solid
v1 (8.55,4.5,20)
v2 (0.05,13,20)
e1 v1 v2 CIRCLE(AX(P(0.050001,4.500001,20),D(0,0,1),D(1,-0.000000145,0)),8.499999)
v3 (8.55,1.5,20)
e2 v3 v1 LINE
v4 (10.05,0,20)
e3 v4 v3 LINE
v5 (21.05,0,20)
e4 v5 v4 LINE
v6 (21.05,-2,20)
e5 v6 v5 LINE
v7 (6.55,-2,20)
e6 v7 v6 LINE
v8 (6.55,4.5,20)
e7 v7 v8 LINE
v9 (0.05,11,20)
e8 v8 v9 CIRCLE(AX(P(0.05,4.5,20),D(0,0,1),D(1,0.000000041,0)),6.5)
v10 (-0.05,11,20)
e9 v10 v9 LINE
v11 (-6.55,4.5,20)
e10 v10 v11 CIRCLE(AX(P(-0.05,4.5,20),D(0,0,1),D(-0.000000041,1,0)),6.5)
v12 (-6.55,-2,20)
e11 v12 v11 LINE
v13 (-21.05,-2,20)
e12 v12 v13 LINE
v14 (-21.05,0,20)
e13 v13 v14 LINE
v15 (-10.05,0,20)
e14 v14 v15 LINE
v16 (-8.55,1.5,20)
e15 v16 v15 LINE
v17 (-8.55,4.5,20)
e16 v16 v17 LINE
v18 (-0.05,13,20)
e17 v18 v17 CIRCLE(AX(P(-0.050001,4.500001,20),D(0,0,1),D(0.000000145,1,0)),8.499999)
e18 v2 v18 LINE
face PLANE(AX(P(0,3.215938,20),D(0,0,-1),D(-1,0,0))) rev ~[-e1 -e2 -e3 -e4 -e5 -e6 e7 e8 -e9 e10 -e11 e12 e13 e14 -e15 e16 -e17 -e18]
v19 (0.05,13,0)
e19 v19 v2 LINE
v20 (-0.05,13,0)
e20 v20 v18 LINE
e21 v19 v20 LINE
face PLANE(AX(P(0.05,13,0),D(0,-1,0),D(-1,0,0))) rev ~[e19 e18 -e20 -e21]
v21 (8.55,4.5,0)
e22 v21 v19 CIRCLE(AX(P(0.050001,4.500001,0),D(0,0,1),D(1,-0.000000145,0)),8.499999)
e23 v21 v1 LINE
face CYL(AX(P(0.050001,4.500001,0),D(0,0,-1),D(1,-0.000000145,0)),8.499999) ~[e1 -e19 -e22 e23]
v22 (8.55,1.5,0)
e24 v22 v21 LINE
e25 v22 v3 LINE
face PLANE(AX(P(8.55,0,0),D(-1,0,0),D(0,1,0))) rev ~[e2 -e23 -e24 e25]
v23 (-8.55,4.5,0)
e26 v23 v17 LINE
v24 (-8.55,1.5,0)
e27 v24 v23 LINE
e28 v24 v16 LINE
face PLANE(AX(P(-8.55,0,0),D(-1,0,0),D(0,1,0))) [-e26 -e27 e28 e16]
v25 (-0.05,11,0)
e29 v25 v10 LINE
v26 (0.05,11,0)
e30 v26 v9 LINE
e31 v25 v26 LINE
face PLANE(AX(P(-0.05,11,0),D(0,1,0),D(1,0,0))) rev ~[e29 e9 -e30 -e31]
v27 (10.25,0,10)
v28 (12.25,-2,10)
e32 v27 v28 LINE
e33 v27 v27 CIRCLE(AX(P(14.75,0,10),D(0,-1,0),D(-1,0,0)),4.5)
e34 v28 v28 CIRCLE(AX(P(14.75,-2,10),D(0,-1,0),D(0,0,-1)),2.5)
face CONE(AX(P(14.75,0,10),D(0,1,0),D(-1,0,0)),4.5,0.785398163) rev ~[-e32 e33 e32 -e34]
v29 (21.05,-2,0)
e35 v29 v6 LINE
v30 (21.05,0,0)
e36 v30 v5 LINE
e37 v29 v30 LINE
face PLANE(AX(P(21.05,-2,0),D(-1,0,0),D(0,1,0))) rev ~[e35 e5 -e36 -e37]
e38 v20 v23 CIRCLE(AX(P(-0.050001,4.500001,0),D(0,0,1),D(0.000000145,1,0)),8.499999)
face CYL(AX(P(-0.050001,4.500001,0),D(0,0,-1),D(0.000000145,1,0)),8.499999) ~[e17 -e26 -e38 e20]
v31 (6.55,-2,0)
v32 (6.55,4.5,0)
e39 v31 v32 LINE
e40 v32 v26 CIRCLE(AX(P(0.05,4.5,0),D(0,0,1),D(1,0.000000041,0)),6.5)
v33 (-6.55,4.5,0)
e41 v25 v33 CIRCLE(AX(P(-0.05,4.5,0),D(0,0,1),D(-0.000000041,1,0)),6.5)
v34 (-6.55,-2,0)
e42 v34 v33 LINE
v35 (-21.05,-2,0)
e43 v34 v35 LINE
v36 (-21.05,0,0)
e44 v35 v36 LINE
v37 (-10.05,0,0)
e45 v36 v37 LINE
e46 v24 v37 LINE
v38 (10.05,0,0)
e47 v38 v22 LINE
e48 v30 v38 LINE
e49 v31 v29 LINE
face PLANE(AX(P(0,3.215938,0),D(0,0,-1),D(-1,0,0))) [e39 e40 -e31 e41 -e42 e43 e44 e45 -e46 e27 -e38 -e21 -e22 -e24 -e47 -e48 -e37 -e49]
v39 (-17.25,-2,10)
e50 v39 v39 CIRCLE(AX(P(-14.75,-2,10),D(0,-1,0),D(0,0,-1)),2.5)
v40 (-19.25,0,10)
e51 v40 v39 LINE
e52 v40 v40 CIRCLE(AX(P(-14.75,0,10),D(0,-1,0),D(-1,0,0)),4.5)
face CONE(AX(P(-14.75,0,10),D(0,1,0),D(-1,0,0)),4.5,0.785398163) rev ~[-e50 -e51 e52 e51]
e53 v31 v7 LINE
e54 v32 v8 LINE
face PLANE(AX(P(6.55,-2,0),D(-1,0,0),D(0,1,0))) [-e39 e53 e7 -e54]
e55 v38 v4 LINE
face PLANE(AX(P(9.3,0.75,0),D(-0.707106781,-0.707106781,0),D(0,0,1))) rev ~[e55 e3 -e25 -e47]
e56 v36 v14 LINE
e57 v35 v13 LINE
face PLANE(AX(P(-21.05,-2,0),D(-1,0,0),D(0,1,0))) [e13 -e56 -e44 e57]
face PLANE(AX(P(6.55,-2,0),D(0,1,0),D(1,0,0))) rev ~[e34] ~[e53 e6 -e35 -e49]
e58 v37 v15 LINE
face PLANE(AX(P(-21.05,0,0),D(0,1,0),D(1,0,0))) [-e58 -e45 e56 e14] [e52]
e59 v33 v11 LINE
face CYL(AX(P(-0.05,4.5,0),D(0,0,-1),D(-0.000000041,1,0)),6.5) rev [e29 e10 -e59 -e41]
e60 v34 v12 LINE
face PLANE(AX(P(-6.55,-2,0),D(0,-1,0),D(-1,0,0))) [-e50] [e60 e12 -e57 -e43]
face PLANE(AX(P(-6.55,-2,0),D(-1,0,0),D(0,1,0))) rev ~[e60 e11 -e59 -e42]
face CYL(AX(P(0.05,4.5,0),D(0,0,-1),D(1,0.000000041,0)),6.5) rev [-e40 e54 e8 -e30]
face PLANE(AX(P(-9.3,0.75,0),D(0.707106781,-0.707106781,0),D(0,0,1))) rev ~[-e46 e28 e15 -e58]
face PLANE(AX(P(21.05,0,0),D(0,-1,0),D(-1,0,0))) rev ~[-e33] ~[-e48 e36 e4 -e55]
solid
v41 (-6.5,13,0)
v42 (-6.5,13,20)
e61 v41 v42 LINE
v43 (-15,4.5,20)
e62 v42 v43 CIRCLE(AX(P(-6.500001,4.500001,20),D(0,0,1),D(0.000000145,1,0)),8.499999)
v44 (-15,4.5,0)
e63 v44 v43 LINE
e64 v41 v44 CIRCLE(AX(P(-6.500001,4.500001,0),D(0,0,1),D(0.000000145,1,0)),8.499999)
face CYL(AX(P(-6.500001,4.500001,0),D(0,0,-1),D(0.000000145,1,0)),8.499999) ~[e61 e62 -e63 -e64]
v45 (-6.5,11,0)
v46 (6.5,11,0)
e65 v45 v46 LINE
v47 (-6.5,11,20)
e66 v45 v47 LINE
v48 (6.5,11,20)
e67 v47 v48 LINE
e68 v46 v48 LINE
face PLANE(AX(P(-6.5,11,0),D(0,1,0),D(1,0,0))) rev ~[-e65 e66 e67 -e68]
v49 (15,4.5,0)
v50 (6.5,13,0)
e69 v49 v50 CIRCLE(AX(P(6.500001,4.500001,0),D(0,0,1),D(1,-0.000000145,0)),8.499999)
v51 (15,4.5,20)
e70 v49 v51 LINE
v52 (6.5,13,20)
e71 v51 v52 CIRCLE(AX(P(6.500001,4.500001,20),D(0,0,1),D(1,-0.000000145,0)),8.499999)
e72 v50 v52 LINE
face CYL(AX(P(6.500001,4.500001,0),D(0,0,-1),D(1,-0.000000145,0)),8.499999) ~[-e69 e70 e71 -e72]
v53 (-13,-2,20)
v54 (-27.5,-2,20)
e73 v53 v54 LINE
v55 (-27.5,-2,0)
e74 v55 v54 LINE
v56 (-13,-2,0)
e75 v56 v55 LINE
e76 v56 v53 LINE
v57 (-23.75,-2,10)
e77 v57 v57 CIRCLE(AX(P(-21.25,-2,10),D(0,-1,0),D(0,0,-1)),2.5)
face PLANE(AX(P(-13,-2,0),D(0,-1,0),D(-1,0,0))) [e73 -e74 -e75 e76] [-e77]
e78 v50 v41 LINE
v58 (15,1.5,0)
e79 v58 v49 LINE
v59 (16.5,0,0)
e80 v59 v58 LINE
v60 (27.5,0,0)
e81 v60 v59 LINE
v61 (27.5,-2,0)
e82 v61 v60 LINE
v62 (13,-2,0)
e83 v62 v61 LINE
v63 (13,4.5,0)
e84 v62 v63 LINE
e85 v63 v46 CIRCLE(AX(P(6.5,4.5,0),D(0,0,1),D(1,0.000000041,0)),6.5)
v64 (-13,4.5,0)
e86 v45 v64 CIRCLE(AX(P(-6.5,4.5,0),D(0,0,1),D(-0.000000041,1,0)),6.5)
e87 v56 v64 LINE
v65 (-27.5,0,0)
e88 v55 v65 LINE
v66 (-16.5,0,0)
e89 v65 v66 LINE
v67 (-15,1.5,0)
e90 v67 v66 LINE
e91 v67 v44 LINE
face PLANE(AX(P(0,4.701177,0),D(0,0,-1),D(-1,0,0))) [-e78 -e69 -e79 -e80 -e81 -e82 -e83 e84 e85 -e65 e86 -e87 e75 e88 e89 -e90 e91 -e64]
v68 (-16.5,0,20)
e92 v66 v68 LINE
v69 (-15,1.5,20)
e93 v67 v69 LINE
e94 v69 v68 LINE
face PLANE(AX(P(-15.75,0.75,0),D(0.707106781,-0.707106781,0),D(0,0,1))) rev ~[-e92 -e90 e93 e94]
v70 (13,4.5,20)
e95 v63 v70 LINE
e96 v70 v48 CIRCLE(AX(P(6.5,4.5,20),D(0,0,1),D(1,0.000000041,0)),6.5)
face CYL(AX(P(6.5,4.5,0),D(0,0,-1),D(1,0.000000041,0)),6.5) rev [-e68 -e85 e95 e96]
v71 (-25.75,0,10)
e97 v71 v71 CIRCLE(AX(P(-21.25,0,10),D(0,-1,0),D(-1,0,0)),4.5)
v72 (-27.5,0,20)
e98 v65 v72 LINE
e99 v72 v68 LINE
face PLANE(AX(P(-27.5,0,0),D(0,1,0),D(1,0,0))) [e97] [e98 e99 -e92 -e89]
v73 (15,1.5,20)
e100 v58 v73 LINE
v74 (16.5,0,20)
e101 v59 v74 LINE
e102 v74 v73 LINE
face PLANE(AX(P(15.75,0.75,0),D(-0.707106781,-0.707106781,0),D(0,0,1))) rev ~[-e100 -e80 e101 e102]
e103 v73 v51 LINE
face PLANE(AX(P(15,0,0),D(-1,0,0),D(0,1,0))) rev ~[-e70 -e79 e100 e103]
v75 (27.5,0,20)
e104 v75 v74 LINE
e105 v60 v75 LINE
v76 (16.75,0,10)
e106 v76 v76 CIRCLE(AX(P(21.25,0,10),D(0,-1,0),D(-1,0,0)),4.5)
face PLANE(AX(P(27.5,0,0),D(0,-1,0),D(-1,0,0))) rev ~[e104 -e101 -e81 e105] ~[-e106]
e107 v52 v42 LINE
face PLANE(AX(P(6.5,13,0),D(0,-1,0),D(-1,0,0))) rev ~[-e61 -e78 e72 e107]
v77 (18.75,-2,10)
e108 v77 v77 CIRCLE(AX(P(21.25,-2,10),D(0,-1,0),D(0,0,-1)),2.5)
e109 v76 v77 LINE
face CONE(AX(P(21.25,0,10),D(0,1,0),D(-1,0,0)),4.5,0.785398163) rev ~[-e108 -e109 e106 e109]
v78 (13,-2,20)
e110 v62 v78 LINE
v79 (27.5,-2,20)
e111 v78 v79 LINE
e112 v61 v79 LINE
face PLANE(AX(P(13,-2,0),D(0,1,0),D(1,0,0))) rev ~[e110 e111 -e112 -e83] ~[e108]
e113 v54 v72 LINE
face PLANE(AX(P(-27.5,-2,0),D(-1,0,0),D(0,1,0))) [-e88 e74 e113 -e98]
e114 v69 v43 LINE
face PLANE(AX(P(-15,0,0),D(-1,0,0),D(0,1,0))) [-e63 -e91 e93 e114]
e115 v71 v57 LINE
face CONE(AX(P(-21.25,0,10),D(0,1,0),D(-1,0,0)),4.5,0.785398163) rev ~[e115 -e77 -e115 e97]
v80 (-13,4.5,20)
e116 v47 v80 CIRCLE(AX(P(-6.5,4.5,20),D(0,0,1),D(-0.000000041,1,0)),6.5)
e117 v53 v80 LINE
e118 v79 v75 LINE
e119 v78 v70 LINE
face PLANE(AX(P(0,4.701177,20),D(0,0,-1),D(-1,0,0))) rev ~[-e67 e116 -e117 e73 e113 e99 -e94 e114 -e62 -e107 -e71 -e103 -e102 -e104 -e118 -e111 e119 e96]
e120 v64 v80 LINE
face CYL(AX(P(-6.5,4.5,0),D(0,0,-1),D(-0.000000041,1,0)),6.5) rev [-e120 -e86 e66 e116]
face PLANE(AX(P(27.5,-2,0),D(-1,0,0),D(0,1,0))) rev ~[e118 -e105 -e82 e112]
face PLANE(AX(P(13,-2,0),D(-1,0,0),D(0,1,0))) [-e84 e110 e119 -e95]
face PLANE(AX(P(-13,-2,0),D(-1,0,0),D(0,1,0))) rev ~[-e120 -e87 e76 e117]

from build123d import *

# Parameters (mm, degrees)
PAD_DEPTH           = 20
HOLE_D              = 5
HOLE_DEPTH          = 25
HOLE_CSINK_D        = 9
HOLE_CSINK_ANGLE    = 90
CHAMFER_SIZE        = 1.5
PAD001_DEPTH        = 20
HOLE001_D           = 5
HOLE001_DEPTH       = 25
HOLE001_CSINK_D     = 9
HOLE001_CSINK_ANGLE = 90
CHAMFER001_SIZE     = 1.5


with BuildPart() as bodydouble:
    # Sketch → Pad (new body)
    with BuildSketch(Plane.XY):
        with BuildLine():
            ThreePointArc((-6.5, 11), (-11.096194, 9.096194), (-13, 4.5))
            Line((-13, -2), (-13, 4.5))
            Line((-13, -2), (-27.5, -2))
            Line((-27.5, -2), (-27.5, 0))
            Line((-27.5, 0), (-15, 0))
            Line((-15, 0), (-15, 4.5))
            ThreePointArc((-6.5, 13), (-12.510408, 10.510408), (-15, 4.5))
            Line((-6.5, 13), (0, 13))
            Line((6.5, 13), (0, 13))
            ThreePointArc((15, 4.5), (12.510408, 10.510408), (6.5, 13))
            Line((15, 0), (15, 4.5))
            Line((27.5, 0), (15, 0))
            Line((27.5, -2), (27.5, 0))
            Line((13, -2), (27.5, -2))
            Line((13, -2), (13, 4.5))
            ThreePointArc((13, 4.5), (11.096194, 9.096194), (6.5, 11))
            Line((6.5, 11), (0, 11))
            Line((-6.5, 11), (0, 11))
        make_face()
    extrude(amount=PAD_DEPTH)

    # Hole
    with Locations(Plane(origin=(0, 0, 0), x_dir=(1, 0, 0), z_dir=(0, 1, 0))):
        with Locations((-21.25, -10), (21.25, -10)):
            CounterSinkHole(HOLE_D / 2, HOLE_CSINK_D / 2, depth=HOLE_DEPTH, counter_sink_angle=HOLE_CSINK_ANGLE)

    # Chamfer
    chamfer_edges = [bodydouble.edges().sort_by_distance(p)[0] for p in [
        (15, 0, 10),
        (-15, 0, 10),
    ]]
    chamfer(chamfer_edges, length=CHAMFER_SIZE)


with BuildPart() as bodysingle:
    # Sketch002 → Pad001 (new body)
    with BuildSketch(Plane.XY):
        with BuildLine():
            ThreePointArc((-0.05, 11), (-4.646194, 9.096194), (-6.55, 4.5))
            Line((-6.55, -2), (-6.55, 4.5))
            Line((-6.55, -2), (-21.05, -2))
            Line((-21.05, -2), (-21.05, 0))
            Line((-21.05, 0), (-8.55, 0))
            Line((-8.55, 0), (-8.55, 4.5))
            ThreePointArc((-0.05, 13), (-6.060408, 10.510408), (-8.55, 4.5))
            Line((-0.05, 13), (0, 13))
            Line((0.05, 13), (0, 13))
            ThreePointArc((8.55, 4.5), (6.060408, 10.510408), (0.05, 13))
            Line((8.55, 0), (8.55, 4.5))
            Line((21.05, 0), (8.55, 0))
            Line((21.05, -2), (21.05, 0))
            Line((6.55, -2), (21.05, -2))
            Line((6.55, -2), (6.55, 4.5))
            ThreePointArc((6.55, 4.5), (4.646194, 9.096194), (0.05, 11))
            Line((0.05, 11), (0, 11))
            Line((-0.05, 11), (0, 11))
        make_face()
    extrude(amount=PAD001_DEPTH)

    # Hole001
    with Locations(Plane(origin=(0, 0, 0), x_dir=(1, 0, 0), z_dir=(0, 1, 0))):
        with Locations((-14.75, -10), (14.75, -10)):
            CounterSinkHole(HOLE001_D / 2, HOLE001_CSINK_D / 2, depth=HOLE001_DEPTH, counter_sink_angle=HOLE001_CSINK_ANGLE)

    # Chamfer001
    chamfer001_edges = [bodysingle.edges().sort_by_distance(p)[0] for p in [
        (8.55, 0, 10),
        (-8.55, 0, 10),
    ]]
    chamfer(chamfer001_edges, length=CHAMFER001_SIZE)


solid = Compound([bodydouble.part, bodysingle.part])
